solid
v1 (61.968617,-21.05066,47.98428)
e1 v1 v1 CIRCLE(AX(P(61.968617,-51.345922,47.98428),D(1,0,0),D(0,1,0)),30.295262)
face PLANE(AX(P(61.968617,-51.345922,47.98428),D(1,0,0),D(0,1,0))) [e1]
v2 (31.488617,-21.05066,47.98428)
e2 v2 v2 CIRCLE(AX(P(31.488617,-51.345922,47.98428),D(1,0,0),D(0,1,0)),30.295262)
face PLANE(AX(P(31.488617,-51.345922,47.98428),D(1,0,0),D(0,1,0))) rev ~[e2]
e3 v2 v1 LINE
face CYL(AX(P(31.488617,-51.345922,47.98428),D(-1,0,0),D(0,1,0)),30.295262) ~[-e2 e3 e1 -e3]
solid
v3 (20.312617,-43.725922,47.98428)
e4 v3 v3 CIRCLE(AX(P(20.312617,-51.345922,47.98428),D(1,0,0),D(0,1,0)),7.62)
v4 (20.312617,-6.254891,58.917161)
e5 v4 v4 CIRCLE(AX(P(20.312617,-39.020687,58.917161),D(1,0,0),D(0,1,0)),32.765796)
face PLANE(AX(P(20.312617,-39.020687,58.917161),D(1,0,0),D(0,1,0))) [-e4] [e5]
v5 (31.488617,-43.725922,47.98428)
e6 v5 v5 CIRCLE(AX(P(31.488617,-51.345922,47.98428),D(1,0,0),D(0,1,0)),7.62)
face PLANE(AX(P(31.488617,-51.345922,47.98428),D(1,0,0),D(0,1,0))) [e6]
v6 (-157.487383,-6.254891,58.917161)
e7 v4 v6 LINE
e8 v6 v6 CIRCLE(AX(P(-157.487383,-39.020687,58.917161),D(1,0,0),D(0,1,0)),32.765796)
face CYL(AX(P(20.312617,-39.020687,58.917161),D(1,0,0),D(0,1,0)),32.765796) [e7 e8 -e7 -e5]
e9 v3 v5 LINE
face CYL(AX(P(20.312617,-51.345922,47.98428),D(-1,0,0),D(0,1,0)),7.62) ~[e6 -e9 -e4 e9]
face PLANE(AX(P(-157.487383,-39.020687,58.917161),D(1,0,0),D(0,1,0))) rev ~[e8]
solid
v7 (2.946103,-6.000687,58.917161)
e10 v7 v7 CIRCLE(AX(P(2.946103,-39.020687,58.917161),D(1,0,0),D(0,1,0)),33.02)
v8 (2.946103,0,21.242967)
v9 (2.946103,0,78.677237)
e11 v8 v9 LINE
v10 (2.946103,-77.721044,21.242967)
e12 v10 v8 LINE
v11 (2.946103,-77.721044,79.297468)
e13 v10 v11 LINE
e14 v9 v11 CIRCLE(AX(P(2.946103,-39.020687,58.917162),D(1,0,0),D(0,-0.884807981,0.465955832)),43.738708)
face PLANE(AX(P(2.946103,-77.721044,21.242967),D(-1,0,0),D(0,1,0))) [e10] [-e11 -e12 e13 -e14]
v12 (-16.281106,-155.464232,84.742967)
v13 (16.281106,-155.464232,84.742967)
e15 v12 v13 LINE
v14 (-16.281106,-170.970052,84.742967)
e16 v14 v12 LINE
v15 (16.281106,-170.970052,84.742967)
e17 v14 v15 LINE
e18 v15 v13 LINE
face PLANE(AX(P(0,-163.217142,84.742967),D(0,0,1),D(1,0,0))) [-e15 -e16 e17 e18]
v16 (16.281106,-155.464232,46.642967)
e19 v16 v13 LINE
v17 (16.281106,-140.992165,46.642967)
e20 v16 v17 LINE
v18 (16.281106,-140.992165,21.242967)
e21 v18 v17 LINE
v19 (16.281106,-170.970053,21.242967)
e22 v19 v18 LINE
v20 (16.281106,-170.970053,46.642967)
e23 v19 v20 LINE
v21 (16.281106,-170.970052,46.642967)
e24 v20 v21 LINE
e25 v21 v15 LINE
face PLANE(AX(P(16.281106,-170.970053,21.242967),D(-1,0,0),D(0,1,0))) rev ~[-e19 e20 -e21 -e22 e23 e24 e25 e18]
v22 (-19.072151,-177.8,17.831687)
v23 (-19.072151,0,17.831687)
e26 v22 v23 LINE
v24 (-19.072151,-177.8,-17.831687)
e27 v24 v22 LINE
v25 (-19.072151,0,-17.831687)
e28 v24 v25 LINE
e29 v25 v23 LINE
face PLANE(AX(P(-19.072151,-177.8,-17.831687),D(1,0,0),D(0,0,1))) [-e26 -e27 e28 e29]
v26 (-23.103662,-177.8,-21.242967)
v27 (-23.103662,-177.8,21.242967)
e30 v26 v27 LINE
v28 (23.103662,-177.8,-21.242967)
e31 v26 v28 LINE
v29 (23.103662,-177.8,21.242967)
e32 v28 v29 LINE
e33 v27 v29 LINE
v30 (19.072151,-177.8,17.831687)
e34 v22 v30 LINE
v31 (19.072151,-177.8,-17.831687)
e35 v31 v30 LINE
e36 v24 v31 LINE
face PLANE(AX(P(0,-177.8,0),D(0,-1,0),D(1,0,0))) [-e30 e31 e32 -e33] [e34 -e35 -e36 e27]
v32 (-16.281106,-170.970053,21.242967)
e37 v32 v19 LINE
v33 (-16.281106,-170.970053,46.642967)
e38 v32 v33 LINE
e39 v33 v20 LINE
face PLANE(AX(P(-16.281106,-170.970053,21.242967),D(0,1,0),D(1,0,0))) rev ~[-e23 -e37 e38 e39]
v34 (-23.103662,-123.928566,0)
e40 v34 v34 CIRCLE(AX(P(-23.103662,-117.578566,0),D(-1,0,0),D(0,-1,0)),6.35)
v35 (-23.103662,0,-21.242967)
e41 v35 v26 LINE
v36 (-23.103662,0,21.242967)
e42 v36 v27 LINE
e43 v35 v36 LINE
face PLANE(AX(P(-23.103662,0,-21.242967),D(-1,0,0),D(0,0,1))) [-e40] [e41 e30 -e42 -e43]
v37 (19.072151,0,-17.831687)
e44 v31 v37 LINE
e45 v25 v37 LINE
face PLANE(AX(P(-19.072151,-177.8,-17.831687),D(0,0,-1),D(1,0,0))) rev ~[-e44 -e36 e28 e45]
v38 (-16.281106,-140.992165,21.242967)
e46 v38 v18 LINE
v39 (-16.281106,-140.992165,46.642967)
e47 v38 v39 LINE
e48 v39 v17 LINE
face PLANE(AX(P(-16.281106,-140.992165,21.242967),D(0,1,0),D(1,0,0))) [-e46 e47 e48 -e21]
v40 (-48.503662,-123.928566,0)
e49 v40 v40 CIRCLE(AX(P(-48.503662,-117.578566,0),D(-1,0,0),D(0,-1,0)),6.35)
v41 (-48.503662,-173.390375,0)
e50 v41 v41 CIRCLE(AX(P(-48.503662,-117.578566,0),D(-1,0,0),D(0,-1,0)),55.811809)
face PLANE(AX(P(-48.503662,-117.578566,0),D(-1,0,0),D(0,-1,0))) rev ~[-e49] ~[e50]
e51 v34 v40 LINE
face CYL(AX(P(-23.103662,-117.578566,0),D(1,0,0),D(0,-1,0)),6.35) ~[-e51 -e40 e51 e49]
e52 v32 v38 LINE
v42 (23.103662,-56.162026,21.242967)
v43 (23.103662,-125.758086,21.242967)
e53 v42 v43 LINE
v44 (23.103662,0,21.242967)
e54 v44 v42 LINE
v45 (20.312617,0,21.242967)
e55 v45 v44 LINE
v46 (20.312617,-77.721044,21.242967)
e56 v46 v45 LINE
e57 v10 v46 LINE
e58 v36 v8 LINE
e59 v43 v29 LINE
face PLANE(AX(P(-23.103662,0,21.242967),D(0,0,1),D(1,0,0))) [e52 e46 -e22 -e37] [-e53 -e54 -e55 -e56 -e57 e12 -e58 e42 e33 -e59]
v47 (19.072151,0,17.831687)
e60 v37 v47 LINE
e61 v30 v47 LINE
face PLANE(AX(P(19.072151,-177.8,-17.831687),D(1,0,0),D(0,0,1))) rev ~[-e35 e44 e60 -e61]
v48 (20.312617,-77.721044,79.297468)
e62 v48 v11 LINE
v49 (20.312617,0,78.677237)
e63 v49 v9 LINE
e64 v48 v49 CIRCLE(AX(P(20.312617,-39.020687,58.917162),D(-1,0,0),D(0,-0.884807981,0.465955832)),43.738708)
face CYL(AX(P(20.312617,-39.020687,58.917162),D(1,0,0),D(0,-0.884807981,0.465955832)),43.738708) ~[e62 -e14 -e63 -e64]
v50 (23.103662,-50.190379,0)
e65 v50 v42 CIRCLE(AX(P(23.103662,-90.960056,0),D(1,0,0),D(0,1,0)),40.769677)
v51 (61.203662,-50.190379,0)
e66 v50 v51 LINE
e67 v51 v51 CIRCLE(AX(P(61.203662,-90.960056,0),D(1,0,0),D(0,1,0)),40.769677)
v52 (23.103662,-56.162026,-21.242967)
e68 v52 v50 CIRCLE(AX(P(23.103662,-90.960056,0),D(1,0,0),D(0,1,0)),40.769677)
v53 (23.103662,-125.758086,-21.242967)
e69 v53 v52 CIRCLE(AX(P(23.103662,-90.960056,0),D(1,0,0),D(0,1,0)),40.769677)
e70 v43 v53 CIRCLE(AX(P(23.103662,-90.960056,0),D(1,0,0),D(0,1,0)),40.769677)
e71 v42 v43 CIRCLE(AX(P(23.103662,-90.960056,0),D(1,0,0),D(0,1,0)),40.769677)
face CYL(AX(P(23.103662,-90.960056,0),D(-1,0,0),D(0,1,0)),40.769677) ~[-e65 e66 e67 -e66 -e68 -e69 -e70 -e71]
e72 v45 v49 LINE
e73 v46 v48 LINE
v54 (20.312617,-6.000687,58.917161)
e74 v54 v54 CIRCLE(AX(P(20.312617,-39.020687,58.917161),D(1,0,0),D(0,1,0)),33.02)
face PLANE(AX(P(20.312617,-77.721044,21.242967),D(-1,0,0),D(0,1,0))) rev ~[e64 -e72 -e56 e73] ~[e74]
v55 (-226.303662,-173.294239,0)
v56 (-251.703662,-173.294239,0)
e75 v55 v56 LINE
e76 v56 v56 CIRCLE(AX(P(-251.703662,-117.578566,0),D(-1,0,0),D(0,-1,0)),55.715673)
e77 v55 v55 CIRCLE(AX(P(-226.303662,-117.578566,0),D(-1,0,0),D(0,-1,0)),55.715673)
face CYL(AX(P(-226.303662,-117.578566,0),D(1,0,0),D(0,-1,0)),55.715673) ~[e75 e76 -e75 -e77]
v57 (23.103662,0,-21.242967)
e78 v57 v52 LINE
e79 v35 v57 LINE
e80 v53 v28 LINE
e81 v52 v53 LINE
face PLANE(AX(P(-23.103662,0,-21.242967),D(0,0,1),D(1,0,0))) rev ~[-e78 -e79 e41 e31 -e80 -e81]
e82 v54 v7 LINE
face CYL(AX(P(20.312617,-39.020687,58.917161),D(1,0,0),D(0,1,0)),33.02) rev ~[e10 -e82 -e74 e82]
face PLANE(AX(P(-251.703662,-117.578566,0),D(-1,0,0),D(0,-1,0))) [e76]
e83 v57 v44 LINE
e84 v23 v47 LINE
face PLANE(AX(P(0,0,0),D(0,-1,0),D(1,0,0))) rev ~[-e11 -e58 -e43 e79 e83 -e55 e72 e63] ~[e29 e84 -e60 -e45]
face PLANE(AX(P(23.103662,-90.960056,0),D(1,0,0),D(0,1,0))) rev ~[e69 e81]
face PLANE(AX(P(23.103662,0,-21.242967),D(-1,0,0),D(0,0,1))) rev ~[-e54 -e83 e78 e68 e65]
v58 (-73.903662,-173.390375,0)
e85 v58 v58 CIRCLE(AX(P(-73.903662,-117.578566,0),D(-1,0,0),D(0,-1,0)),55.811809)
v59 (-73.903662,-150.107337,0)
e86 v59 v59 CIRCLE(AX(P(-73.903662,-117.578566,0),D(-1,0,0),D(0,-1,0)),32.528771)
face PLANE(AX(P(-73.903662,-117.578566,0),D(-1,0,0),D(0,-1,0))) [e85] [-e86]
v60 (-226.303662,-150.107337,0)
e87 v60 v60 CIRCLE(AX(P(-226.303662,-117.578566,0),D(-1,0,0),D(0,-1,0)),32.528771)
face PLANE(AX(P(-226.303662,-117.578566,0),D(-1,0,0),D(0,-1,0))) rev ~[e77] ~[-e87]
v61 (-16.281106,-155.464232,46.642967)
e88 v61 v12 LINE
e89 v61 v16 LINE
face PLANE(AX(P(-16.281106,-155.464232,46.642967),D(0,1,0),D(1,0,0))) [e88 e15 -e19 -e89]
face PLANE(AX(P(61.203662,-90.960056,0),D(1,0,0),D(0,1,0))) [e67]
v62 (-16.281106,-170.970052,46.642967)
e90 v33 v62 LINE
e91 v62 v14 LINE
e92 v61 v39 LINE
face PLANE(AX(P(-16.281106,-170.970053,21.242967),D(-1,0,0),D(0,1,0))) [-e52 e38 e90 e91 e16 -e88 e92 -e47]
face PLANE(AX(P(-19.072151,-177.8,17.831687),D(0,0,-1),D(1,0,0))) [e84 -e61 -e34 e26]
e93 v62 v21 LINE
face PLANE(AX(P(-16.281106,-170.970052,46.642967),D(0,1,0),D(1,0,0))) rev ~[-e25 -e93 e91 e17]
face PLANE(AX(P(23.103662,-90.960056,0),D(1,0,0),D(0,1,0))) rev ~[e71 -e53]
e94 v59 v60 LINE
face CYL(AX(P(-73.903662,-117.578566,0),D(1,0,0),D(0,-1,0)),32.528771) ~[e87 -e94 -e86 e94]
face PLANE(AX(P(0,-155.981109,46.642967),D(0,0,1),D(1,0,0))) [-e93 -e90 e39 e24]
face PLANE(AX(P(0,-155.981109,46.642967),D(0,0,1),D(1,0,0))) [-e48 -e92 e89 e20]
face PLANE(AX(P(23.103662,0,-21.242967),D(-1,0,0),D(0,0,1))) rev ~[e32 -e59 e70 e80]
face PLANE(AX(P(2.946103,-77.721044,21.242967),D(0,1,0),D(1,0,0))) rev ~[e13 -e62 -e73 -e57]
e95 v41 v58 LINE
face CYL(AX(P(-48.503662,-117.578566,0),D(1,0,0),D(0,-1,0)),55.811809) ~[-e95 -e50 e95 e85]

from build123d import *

# Parameters (mm, degrees)
F0_W      = 46.207324
F0_H      = 42.485934
F1_DEPTH  = 177.8
F2_W      = 38.144302
F2_H      = 35.663374
F3_DEPTH  = 254
F4_R      = 40.769677
F5_DEPTH  = 38.1
F6_W      = 17.366514
F6_H      = 77.721044
F7_DEPTH  = 101.6
F9_DEPTH  = 254
F10_R     = 33.02
F11_DEPTH = 254
F12_W     = 32.562212
F12_H     = 29.977887
F13_DEPTH = 25.4
F14_W     = 32.562212
F14_H     = 15.50582
F15_DEPTH = 38.1
F16_R     = 32.765796
F17_DEPTH = 177.8
F18_R     = 7.62
F19_DEPTH = 11.176
F20_R     = 30.295262
F21_DEPTH = 30.48
F22_R     = 6.35
F23_DEPTH = 25.4
F24_R     = 55.811809
F25_DEPTH = 25.4
F26_R     = 32.528771
F27_DEPTH = 152.4
F28_R     = 55.715673
F29_DEPTH = 25.4


with BuildPart() as f1:
    # F0 (on Front) → F1 (new body)
    with BuildSketch(Plane.XZ):
        Rectangle(F0_W, F0_H)
    extrude(amount=F1_DEPTH)

    # F2 (on face) → F3 (cut)
    with BuildSketch(Plane.XZ.offset(177.8)):
        Rectangle(F2_W, F2_H)
    extrude(amount=-F3_DEPTH, mode=Mode.SUBTRACT)

    # F4 (on face) → F5 (join)
    with BuildSketch(Plane.YZ.offset(23.103662)):
        with Locations((-90.960056, 0)):
            Circle(F4_R)
    extrude(amount=F5_DEPTH)

    # F6 (on face) → F7 (join)
    with BuildSketch(Plane.XY.offset(21.242967)):
        with Locations((11.62936, -38.860522)):
            Rectangle(F6_W, F6_H)
    extrude(amount=F7_DEPTH)

    # F8 (on face) → F9 (cut)
    with BuildSketch(Plane.YZ.offset(20.312617)):
        with BuildLine():
            ThreePointArc((-77.721044, 79.297468), (-38.671653, 102.654477), (0, 78.677237))
            Line((0, 78.677237), (0, 122.842967))
            Line((0, 122.842967), (-77.721044, 122.842967))
            Line((-77.721044, 122.842967), (-77.721044, 79.297468))
        make_face()
    extrude(amount=-F9_DEPTH, mode=Mode.SUBTRACT)

    # F10 (on face) → F11 (cut)
    with BuildSketch(Plane.YZ.offset(20.312617)):
        with Locations((-39.020687, 58.917161)):
            Circle(F10_R)
    extrude(amount=-F11_DEPTH, mode=Mode.SUBTRACT)

    # F12 (on face) → F13 (join)
    with BuildSketch(Plane.XY.offset(21.242967)):
        with Locations((0, -155.981109)):
            Rectangle(F12_W, F12_H)
    extrude(amount=F13_DEPTH)

    # F14 (on face) → F15 (join)
    with BuildSketch(Plane.XY.offset(46.642967)):
        with Locations((0, -163.217142)):
            Rectangle(F14_W, F14_H)
    extrude(amount=F15_DEPTH)

    # F22 (on face) → F23 (join)
    with BuildSketch(Plane(origin=(-23.103662, 0, 0), x_dir=(0, -1, 0), z_dir=(-1, 0, 0))):
        with Locations((117.578566, 0)):
            Circle(F22_R)
    extrude(amount=F23_DEPTH)

    # F24 (on face) → F25 (join)
    with BuildSketch(Plane(origin=(-48.503662, 0, 0), x_dir=(0, -1, 0), z_dir=(-1, 0, 0))):
        with Locations((117.578566, 0)):
            Circle(F24_R)
    extrude(amount=F25_DEPTH)

    # F26 (on face) → F27 (join)
    with BuildSketch(Plane(origin=(-73.903662, 0, 0), x_dir=(0, -1, 0), z_dir=(-1, 0, 0))):
        with Locations((117.578566, 0)):
            Circle(F26_R)
    extrude(amount=F27_DEPTH)

    # F28 (on face) → F29 (join)
    with BuildSketch(Plane(origin=(-226.303662, 0, 0), x_dir=(0, -1, 0), z_dir=(-1, 0, 0))):
        with Locations((117.578566, 0)):
            Circle(F28_R)
    extrude(amount=F29_DEPTH)


with BuildPart() as f17:
    # F16 (on face) → F17 (new body)
    with BuildSketch(Plane.YZ.offset(20.312617)):
        with Locations((-39.020687, 58.917161)):
            Circle(F16_R)
    extrude(amount=-F17_DEPTH)

    # F18 (on face) → F19 (join)
    with BuildSketch(Plane.YZ.offset(20.312617)):
        with Locations((-51.345922, 47.98428)):
            Circle(F18_R)
    extrude(amount=F19_DEPTH)


with BuildPart() as f21:
    # F20 (on face) → F21 (new body)
    with BuildSketch(Plane.YZ.offset(31.488617)):
        with Locations((-51.345922, 47.98428)):
            Circle(F20_R)
    extrude(amount=F21_DEPTH)


solid = Compound([f1.part, f17.part, f21.part])
